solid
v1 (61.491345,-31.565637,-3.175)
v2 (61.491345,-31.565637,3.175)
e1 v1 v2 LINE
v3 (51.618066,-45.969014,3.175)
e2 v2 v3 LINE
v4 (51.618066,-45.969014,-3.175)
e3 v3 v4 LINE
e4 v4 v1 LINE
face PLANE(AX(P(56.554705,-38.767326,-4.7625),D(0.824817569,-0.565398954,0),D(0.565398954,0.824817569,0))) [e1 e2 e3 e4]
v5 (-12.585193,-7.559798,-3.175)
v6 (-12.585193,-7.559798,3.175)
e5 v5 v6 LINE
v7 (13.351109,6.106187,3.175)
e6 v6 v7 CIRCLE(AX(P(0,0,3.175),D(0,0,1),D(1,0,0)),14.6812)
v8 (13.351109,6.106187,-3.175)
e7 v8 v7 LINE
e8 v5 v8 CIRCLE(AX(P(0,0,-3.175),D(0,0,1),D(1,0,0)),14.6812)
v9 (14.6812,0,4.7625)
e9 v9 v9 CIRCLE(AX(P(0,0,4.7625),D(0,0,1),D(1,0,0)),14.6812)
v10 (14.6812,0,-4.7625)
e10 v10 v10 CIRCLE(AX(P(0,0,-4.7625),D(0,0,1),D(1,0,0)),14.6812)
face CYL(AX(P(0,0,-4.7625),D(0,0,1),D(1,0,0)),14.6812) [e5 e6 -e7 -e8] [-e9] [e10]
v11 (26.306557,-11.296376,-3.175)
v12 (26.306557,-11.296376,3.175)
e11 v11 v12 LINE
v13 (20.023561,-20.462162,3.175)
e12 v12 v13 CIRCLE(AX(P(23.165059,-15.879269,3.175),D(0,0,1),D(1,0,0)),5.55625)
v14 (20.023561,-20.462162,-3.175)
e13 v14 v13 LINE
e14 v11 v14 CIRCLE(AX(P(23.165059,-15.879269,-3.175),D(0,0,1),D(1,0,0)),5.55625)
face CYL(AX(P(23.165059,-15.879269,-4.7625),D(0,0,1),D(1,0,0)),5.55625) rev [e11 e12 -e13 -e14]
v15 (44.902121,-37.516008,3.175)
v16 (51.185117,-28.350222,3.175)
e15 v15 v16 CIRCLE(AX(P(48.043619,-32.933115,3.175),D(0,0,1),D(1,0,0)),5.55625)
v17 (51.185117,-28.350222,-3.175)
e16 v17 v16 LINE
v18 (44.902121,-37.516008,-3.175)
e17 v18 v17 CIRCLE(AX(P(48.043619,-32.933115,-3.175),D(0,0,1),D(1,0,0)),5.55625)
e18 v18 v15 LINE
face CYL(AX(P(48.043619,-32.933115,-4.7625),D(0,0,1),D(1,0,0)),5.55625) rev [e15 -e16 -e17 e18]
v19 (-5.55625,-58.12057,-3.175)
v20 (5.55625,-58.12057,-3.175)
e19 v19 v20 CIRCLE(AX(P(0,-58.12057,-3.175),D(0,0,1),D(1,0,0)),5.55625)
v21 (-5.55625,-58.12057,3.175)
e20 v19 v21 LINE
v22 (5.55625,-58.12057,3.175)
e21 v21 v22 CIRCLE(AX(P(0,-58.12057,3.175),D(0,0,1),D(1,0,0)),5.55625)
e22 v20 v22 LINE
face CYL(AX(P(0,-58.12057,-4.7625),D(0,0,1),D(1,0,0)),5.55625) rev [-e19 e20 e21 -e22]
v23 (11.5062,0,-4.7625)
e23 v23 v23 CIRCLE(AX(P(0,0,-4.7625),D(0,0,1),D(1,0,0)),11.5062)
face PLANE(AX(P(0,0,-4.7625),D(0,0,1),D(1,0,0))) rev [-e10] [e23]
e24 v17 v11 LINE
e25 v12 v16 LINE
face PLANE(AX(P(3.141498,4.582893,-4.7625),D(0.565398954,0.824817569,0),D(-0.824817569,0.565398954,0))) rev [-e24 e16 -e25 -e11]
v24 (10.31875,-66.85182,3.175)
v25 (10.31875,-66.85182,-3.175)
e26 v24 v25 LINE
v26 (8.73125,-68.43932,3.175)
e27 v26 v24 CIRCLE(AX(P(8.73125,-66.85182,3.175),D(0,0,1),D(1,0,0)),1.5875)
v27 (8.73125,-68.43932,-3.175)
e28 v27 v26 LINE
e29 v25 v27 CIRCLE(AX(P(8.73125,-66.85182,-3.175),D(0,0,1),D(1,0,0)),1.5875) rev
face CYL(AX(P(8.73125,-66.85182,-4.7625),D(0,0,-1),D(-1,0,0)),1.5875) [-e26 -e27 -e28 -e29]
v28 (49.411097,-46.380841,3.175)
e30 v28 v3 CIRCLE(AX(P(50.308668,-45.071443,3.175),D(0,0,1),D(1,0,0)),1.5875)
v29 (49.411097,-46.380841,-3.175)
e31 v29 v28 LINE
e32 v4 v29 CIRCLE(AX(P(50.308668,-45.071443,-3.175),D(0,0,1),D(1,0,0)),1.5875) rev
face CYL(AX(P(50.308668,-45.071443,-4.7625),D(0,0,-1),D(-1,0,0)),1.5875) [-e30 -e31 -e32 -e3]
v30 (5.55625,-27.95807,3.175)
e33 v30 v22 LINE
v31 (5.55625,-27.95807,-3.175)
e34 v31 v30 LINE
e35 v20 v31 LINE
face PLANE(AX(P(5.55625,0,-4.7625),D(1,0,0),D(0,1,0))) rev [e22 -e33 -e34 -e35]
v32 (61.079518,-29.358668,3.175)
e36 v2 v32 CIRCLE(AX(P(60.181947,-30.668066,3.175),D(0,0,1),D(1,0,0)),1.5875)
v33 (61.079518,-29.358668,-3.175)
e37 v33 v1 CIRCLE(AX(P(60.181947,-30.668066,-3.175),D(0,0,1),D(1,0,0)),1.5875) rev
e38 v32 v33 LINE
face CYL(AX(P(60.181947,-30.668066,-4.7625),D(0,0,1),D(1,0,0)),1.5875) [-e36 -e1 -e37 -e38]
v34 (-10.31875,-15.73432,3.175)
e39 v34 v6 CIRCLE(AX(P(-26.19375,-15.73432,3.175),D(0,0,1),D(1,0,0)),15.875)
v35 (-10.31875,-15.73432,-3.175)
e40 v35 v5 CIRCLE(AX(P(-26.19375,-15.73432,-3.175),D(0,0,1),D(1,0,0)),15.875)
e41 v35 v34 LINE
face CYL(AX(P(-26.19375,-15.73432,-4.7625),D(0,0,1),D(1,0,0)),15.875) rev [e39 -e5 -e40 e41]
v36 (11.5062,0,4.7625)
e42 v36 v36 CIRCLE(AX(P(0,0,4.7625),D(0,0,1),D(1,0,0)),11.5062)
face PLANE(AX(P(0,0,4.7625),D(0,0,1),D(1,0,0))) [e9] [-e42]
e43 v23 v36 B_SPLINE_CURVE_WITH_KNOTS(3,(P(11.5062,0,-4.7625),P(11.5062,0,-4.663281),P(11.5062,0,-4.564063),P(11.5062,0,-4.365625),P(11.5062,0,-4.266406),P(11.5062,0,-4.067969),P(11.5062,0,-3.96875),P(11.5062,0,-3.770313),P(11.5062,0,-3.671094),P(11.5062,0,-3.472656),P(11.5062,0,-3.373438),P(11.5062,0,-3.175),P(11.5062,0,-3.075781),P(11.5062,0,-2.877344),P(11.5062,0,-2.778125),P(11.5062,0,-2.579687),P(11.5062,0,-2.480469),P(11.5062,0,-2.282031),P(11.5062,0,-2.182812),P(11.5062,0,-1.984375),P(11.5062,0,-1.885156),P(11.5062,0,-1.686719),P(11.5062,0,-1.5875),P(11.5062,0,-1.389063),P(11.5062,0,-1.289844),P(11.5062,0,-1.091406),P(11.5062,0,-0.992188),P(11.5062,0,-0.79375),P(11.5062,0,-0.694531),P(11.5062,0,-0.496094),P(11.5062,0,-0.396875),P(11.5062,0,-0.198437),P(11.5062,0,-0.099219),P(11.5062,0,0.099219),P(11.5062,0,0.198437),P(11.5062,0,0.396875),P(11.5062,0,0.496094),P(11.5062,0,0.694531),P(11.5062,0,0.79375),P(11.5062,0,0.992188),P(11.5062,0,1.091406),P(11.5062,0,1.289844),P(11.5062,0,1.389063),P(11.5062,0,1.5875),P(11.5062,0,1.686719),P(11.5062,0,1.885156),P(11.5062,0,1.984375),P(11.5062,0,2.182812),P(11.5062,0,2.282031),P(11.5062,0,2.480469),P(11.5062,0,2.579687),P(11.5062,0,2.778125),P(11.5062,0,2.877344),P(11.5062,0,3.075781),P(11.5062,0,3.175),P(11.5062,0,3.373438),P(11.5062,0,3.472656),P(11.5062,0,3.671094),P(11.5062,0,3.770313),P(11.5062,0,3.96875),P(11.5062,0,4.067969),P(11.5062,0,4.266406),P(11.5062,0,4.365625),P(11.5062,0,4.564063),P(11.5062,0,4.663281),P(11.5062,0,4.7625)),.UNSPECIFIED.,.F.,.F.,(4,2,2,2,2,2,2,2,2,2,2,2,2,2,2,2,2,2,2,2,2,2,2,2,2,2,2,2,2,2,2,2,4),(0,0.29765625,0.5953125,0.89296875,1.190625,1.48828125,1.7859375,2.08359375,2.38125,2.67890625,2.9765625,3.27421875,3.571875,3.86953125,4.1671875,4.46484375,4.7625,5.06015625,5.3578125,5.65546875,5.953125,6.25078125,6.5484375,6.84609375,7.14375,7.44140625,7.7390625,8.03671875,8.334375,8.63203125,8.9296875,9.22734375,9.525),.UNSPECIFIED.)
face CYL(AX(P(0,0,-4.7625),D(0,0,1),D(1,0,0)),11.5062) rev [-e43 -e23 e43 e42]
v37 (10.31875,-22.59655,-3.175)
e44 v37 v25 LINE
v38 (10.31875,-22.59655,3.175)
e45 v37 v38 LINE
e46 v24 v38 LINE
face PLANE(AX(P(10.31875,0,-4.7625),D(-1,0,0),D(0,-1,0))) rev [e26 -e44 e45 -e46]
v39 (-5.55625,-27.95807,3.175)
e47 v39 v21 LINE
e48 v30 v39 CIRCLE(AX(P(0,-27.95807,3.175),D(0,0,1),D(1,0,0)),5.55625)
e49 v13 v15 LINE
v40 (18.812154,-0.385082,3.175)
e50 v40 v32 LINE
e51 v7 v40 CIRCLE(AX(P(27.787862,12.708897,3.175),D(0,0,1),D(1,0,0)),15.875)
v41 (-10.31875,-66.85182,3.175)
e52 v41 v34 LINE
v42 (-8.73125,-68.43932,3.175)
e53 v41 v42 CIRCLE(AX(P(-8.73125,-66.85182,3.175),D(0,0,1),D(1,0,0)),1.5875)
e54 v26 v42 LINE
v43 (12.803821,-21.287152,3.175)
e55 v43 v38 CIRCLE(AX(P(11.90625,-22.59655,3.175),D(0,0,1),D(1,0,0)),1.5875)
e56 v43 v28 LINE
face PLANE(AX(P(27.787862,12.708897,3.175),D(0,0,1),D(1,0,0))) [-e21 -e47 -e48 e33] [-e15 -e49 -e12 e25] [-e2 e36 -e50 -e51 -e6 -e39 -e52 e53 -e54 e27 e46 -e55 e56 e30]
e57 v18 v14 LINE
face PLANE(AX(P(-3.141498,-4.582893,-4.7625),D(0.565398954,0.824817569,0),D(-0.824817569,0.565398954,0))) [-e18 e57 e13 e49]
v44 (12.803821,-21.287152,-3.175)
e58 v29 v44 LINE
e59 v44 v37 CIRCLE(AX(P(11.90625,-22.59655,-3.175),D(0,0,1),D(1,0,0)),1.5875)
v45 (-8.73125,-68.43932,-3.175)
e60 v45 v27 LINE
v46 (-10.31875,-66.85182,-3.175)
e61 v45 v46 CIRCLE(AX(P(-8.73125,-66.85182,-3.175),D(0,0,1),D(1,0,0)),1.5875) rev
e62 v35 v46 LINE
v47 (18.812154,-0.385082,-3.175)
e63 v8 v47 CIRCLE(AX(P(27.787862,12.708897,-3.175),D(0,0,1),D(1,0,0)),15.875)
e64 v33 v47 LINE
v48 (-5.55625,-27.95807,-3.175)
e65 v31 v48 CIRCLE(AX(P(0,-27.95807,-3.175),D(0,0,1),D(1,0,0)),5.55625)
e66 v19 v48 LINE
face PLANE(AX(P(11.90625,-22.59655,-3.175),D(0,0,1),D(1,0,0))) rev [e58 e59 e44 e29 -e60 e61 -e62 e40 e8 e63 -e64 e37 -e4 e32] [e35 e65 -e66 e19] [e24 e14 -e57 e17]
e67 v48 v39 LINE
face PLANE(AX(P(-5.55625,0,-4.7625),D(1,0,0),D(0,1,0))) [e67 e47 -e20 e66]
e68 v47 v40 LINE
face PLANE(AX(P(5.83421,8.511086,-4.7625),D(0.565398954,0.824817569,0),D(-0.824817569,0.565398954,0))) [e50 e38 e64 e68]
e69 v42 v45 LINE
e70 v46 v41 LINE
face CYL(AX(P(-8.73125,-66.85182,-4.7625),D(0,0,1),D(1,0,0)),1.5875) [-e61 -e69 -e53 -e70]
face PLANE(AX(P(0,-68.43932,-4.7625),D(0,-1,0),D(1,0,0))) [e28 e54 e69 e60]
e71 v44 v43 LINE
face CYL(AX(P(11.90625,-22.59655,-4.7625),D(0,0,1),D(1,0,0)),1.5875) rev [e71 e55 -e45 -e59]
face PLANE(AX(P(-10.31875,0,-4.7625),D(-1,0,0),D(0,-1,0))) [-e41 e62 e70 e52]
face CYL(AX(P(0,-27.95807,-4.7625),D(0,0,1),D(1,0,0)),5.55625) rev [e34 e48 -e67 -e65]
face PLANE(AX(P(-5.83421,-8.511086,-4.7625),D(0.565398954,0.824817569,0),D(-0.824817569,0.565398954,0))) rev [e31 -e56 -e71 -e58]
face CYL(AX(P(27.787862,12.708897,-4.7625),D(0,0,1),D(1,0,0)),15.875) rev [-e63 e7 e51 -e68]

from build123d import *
from build123d.topology import SkipClean

# Parameters (mm, degrees)
BOSS_EXTRUDE1_DEPTH      = 4.7625
BOSS_EXTRUDE1_DEPTH_BACK = 4.7625
SKETCH1_R                = 11.5062
CUT_EXTRUDE1_START       = 3.175
CUT_EXTRUDE1_DEPTH       = 1.5875
CUT_EXTRUDE2_START       = -4.7625
CUT_EXTRUDE2_DEPTH       = 1.5875
FILLET1_R                = 1.5875


with BuildPart() as part:
    # Sketch1 → Boss-Extrude1 (new, two sides: drawn at the far end of the back side and taken through both)
    # profile 1 of 2: a face of its own
    with BuildSketch(Plane.XY.offset(-BOSS_EXTRUDE1_DEPTH_BACK)):
        with BuildLine():
            ThreePointArc((-12.585193267, -7.559797873), (-10.89585042, -11.492870345), (-10.31875, -15.734319794))
            Line((-10.31875, -15.734319794), (-10.31875, -68.439319794))
            Line((-10.31875, -68.439319794), (10.31875, -68.439319794))
            Line((10.31875, -68.439319794), (10.31875, -22.596549828))
            ThreePointArc((10.31875, -22.596549828), (11.166228871, -21.192083745), (12.80382084, -21.287151937))
            Line((12.80382084, -21.287151937), (50.720494758, -47.278411809))
            Line((50.720494758, -47.278411809), (62.388915679, -30.256239225))
            Line((62.388915679, -30.256239225), (18.812153865, -0.385081668))
            ThreePointArc((18.812153865, -0.385081668), (15.640023815, 2.489031981), (13.351109218, 6.106186705))
            ThreePointArc((13.351109218, 6.106186705), (6.843715397, -12.988502339), (-12.585193267, -7.559797873))
        make_face()
        with BuildLine():
            ThreePointArc((5.55625, -58.120569794), (0, -63.676819794), (-5.55625, -58.120569794))
            Line((-5.55625, -58.120569794), (-5.55625, -27.958069794))
            ThreePointArc((-5.55625, -27.958069794), (0, -22.401819794), (5.55625, -27.958069794))
            Line((5.55625, -27.958069794), (5.55625, -58.120569794))
        make_face(mode=Mode.SUBTRACT)
        with BuildLine():
            ThreePointArc((51.185116867, -28.350222438), (52.626511545, -36.074612997), (44.902120986, -37.516007675))
            Line((44.902120986, -37.516007675), (20.023561057, -20.462161714))
            ThreePointArc((20.023561057, -20.462161714), (18.582166378, -12.737771155), (26.306556937, -11.296376477))
            Line((26.306556937, -11.296376477), (51.185116867, -28.350222438))
        make_face(mode=Mode.SUBTRACT)
    # profile 2 of 2: a face of its own
    with BuildSketch(Plane.XY.offset(-BOSS_EXTRUDE1_DEPTH_BACK)):
        with BuildLine():
            ThreePointArc((13.351109218, 6.106186705), (-6.843715397, 12.988502339), (-12.585193267, -7.559797873))
            ThreePointArc((-12.585193267, -7.559797873), (6.843715397, -12.988502339), (13.351109218, 6.106186705))
        make_face()
        Circle(SKETCH1_R, mode=Mode.SUBTRACT)
    extrude(amount=BOSS_EXTRUDE1_DEPTH + BOSS_EXTRUDE1_DEPTH_BACK)

    # Sketch1<8> → Cut-Extrude1 (cut)
    with SkipClean():  # the faces are left unmerged after this step: merging them gives an invalid solid
        with BuildSketch(Plane.XY.offset(CUT_EXTRUDE1_START)):
            with BuildLine():
                ThreePointArc((-12.585193267, -7.559797873), (-10.89585042, -11.492870345), (-10.31875, -15.734319794))
                Line((-10.31875, -15.734319794), (-10.31875, -68.439319794))
                Line((-10.31875, -68.439319794), (10.31875, -68.439319794))
                Line((10.31875, -68.439319794), (10.31875, -22.596549828))
                ThreePointArc((10.31875, -22.596549828), (11.166228871, -21.192083745), (12.80382084, -21.287151937))
                Line((12.80382084, -21.287151937), (50.720494758, -47.278411809))
                Line((50.720494758, -47.278411809), (62.388915679, -30.256239225))
                Line((62.388915679, -30.256239225), (18.812153865, -0.385081668))
                ThreePointArc((18.812153865, -0.385081668), (15.640023815, 2.489031981), (13.351109218, 6.106186705))
                ThreePointArc((13.351109218, 6.106186705), (6.843715397, -12.988502339), (-12.585193267, -7.559797873))
            make_face()
            with BuildLine():
                ThreePointArc((5.55625, -58.120569794), (0, -63.676819794), (-5.55625, -58.120569794))
                Line((-5.55625, -58.120569794), (-5.55625, -27.958069794))
                ThreePointArc((-5.55625, -27.958069794), (0, -22.401819794), (5.55625, -27.958069794))
                Line((5.55625, -27.958069794), (5.55625, -58.120569794))
            make_face(mode=Mode.SUBTRACT)
            with BuildLine():
                ThreePointArc((51.185116867, -28.350222438), (52.626511545, -36.074612997), (44.902120986, -37.516007675))
                Line((44.902120986, -37.516007675), (20.023561057, -20.462161714))
                ThreePointArc((20.023561057, -20.462161714), (18.582166378, -12.737771155), (26.306556937, -11.296376477))
                Line((26.306556937, -11.296376477), (51.185116867, -28.350222438))
            make_face(mode=Mode.SUBTRACT)
        extrude(amount=CUT_EXTRUDE1_DEPTH, mode=Mode.SUBTRACT)

    # Sketch1<9> → Cut-Extrude2 (cut)
    with SkipClean():  # the faces are left unmerged after this step: merging them gives an invalid solid
        with BuildSketch(Plane.XY.offset(CUT_EXTRUDE2_START)):
            with BuildLine():
                ThreePointArc((-12.585193267, -7.559797873), (6.843715397, -12.988502339), (13.351109218, 6.106186705))
                ThreePointArc((13.351109218, 6.106186705), (15.640023815, 2.489031981), (18.812153865, -0.385081668))
                Line((18.812153865, -0.385081668), (62.388915679, -30.256239225))
                Line((62.388915679, -30.256239225), (50.720494758, -47.278411809))
                Line((50.720494758, -47.278411809), (12.80382084, -21.287151937))
                ThreePointArc((12.80382084, -21.287151937), (11.166228871, -21.192083745), (10.31875, -22.596549828))
                Line((10.31875, -22.596549828), (10.31875, -68.439319794))
                Line((10.31875, -68.439319794), (-10.31875, -68.439319794))
                Line((-10.31875, -68.439319794), (-10.31875, -15.734319794))
                ThreePointArc((-10.31875, -15.734319794), (-10.89585042, -11.492870345), (-12.585193267, -7.559797873))
            make_face()
            with BuildLine():
                ThreePointArc((26.306556937, -11.296376477), (18.582166378, -12.737771155), (20.023561057, -20.462161714))
                Line((20.023561057, -20.462161714), (44.902120986, -37.516007675))
                ThreePointArc((44.902120986, -37.516007675), (52.626511545, -36.074612997), (51.185116867, -28.350222438))
                Line((51.185116867, -28.350222438), (26.306556937, -11.296376477))
            make_face(mode=Mode.SUBTRACT)
            with BuildLine():
                ThreePointArc((5.55625, -27.958069794), (0, -22.401819794), (-5.55625, -27.958069794))
                Line((-5.55625, -27.958069794), (-5.55625, -58.120569794))
                ThreePointArc((-5.55625, -58.120569794), (0, -63.676819794), (5.55625, -58.120569794))
                Line((5.55625, -58.120569794), (5.55625, -27.958069794))
            make_face(mode=Mode.SUBTRACT)
        extrude(amount=CUT_EXTRUDE2_DEPTH, mode=Mode.SUBTRACT)

    # Fillet1
    fillet1_edges = [part.edges().sort_by_distance(p)[0] for p in [
        (-10.31875, -68.439319794, 0),
        (10.31875, -68.439319794, 0),
        (50.720494758, -47.278411809, 0),
        (62.388915679, -30.256239225, 0),
    ]]
    fillet(fillet1_edges, radius=FILLET1_R)


solid = part.part
